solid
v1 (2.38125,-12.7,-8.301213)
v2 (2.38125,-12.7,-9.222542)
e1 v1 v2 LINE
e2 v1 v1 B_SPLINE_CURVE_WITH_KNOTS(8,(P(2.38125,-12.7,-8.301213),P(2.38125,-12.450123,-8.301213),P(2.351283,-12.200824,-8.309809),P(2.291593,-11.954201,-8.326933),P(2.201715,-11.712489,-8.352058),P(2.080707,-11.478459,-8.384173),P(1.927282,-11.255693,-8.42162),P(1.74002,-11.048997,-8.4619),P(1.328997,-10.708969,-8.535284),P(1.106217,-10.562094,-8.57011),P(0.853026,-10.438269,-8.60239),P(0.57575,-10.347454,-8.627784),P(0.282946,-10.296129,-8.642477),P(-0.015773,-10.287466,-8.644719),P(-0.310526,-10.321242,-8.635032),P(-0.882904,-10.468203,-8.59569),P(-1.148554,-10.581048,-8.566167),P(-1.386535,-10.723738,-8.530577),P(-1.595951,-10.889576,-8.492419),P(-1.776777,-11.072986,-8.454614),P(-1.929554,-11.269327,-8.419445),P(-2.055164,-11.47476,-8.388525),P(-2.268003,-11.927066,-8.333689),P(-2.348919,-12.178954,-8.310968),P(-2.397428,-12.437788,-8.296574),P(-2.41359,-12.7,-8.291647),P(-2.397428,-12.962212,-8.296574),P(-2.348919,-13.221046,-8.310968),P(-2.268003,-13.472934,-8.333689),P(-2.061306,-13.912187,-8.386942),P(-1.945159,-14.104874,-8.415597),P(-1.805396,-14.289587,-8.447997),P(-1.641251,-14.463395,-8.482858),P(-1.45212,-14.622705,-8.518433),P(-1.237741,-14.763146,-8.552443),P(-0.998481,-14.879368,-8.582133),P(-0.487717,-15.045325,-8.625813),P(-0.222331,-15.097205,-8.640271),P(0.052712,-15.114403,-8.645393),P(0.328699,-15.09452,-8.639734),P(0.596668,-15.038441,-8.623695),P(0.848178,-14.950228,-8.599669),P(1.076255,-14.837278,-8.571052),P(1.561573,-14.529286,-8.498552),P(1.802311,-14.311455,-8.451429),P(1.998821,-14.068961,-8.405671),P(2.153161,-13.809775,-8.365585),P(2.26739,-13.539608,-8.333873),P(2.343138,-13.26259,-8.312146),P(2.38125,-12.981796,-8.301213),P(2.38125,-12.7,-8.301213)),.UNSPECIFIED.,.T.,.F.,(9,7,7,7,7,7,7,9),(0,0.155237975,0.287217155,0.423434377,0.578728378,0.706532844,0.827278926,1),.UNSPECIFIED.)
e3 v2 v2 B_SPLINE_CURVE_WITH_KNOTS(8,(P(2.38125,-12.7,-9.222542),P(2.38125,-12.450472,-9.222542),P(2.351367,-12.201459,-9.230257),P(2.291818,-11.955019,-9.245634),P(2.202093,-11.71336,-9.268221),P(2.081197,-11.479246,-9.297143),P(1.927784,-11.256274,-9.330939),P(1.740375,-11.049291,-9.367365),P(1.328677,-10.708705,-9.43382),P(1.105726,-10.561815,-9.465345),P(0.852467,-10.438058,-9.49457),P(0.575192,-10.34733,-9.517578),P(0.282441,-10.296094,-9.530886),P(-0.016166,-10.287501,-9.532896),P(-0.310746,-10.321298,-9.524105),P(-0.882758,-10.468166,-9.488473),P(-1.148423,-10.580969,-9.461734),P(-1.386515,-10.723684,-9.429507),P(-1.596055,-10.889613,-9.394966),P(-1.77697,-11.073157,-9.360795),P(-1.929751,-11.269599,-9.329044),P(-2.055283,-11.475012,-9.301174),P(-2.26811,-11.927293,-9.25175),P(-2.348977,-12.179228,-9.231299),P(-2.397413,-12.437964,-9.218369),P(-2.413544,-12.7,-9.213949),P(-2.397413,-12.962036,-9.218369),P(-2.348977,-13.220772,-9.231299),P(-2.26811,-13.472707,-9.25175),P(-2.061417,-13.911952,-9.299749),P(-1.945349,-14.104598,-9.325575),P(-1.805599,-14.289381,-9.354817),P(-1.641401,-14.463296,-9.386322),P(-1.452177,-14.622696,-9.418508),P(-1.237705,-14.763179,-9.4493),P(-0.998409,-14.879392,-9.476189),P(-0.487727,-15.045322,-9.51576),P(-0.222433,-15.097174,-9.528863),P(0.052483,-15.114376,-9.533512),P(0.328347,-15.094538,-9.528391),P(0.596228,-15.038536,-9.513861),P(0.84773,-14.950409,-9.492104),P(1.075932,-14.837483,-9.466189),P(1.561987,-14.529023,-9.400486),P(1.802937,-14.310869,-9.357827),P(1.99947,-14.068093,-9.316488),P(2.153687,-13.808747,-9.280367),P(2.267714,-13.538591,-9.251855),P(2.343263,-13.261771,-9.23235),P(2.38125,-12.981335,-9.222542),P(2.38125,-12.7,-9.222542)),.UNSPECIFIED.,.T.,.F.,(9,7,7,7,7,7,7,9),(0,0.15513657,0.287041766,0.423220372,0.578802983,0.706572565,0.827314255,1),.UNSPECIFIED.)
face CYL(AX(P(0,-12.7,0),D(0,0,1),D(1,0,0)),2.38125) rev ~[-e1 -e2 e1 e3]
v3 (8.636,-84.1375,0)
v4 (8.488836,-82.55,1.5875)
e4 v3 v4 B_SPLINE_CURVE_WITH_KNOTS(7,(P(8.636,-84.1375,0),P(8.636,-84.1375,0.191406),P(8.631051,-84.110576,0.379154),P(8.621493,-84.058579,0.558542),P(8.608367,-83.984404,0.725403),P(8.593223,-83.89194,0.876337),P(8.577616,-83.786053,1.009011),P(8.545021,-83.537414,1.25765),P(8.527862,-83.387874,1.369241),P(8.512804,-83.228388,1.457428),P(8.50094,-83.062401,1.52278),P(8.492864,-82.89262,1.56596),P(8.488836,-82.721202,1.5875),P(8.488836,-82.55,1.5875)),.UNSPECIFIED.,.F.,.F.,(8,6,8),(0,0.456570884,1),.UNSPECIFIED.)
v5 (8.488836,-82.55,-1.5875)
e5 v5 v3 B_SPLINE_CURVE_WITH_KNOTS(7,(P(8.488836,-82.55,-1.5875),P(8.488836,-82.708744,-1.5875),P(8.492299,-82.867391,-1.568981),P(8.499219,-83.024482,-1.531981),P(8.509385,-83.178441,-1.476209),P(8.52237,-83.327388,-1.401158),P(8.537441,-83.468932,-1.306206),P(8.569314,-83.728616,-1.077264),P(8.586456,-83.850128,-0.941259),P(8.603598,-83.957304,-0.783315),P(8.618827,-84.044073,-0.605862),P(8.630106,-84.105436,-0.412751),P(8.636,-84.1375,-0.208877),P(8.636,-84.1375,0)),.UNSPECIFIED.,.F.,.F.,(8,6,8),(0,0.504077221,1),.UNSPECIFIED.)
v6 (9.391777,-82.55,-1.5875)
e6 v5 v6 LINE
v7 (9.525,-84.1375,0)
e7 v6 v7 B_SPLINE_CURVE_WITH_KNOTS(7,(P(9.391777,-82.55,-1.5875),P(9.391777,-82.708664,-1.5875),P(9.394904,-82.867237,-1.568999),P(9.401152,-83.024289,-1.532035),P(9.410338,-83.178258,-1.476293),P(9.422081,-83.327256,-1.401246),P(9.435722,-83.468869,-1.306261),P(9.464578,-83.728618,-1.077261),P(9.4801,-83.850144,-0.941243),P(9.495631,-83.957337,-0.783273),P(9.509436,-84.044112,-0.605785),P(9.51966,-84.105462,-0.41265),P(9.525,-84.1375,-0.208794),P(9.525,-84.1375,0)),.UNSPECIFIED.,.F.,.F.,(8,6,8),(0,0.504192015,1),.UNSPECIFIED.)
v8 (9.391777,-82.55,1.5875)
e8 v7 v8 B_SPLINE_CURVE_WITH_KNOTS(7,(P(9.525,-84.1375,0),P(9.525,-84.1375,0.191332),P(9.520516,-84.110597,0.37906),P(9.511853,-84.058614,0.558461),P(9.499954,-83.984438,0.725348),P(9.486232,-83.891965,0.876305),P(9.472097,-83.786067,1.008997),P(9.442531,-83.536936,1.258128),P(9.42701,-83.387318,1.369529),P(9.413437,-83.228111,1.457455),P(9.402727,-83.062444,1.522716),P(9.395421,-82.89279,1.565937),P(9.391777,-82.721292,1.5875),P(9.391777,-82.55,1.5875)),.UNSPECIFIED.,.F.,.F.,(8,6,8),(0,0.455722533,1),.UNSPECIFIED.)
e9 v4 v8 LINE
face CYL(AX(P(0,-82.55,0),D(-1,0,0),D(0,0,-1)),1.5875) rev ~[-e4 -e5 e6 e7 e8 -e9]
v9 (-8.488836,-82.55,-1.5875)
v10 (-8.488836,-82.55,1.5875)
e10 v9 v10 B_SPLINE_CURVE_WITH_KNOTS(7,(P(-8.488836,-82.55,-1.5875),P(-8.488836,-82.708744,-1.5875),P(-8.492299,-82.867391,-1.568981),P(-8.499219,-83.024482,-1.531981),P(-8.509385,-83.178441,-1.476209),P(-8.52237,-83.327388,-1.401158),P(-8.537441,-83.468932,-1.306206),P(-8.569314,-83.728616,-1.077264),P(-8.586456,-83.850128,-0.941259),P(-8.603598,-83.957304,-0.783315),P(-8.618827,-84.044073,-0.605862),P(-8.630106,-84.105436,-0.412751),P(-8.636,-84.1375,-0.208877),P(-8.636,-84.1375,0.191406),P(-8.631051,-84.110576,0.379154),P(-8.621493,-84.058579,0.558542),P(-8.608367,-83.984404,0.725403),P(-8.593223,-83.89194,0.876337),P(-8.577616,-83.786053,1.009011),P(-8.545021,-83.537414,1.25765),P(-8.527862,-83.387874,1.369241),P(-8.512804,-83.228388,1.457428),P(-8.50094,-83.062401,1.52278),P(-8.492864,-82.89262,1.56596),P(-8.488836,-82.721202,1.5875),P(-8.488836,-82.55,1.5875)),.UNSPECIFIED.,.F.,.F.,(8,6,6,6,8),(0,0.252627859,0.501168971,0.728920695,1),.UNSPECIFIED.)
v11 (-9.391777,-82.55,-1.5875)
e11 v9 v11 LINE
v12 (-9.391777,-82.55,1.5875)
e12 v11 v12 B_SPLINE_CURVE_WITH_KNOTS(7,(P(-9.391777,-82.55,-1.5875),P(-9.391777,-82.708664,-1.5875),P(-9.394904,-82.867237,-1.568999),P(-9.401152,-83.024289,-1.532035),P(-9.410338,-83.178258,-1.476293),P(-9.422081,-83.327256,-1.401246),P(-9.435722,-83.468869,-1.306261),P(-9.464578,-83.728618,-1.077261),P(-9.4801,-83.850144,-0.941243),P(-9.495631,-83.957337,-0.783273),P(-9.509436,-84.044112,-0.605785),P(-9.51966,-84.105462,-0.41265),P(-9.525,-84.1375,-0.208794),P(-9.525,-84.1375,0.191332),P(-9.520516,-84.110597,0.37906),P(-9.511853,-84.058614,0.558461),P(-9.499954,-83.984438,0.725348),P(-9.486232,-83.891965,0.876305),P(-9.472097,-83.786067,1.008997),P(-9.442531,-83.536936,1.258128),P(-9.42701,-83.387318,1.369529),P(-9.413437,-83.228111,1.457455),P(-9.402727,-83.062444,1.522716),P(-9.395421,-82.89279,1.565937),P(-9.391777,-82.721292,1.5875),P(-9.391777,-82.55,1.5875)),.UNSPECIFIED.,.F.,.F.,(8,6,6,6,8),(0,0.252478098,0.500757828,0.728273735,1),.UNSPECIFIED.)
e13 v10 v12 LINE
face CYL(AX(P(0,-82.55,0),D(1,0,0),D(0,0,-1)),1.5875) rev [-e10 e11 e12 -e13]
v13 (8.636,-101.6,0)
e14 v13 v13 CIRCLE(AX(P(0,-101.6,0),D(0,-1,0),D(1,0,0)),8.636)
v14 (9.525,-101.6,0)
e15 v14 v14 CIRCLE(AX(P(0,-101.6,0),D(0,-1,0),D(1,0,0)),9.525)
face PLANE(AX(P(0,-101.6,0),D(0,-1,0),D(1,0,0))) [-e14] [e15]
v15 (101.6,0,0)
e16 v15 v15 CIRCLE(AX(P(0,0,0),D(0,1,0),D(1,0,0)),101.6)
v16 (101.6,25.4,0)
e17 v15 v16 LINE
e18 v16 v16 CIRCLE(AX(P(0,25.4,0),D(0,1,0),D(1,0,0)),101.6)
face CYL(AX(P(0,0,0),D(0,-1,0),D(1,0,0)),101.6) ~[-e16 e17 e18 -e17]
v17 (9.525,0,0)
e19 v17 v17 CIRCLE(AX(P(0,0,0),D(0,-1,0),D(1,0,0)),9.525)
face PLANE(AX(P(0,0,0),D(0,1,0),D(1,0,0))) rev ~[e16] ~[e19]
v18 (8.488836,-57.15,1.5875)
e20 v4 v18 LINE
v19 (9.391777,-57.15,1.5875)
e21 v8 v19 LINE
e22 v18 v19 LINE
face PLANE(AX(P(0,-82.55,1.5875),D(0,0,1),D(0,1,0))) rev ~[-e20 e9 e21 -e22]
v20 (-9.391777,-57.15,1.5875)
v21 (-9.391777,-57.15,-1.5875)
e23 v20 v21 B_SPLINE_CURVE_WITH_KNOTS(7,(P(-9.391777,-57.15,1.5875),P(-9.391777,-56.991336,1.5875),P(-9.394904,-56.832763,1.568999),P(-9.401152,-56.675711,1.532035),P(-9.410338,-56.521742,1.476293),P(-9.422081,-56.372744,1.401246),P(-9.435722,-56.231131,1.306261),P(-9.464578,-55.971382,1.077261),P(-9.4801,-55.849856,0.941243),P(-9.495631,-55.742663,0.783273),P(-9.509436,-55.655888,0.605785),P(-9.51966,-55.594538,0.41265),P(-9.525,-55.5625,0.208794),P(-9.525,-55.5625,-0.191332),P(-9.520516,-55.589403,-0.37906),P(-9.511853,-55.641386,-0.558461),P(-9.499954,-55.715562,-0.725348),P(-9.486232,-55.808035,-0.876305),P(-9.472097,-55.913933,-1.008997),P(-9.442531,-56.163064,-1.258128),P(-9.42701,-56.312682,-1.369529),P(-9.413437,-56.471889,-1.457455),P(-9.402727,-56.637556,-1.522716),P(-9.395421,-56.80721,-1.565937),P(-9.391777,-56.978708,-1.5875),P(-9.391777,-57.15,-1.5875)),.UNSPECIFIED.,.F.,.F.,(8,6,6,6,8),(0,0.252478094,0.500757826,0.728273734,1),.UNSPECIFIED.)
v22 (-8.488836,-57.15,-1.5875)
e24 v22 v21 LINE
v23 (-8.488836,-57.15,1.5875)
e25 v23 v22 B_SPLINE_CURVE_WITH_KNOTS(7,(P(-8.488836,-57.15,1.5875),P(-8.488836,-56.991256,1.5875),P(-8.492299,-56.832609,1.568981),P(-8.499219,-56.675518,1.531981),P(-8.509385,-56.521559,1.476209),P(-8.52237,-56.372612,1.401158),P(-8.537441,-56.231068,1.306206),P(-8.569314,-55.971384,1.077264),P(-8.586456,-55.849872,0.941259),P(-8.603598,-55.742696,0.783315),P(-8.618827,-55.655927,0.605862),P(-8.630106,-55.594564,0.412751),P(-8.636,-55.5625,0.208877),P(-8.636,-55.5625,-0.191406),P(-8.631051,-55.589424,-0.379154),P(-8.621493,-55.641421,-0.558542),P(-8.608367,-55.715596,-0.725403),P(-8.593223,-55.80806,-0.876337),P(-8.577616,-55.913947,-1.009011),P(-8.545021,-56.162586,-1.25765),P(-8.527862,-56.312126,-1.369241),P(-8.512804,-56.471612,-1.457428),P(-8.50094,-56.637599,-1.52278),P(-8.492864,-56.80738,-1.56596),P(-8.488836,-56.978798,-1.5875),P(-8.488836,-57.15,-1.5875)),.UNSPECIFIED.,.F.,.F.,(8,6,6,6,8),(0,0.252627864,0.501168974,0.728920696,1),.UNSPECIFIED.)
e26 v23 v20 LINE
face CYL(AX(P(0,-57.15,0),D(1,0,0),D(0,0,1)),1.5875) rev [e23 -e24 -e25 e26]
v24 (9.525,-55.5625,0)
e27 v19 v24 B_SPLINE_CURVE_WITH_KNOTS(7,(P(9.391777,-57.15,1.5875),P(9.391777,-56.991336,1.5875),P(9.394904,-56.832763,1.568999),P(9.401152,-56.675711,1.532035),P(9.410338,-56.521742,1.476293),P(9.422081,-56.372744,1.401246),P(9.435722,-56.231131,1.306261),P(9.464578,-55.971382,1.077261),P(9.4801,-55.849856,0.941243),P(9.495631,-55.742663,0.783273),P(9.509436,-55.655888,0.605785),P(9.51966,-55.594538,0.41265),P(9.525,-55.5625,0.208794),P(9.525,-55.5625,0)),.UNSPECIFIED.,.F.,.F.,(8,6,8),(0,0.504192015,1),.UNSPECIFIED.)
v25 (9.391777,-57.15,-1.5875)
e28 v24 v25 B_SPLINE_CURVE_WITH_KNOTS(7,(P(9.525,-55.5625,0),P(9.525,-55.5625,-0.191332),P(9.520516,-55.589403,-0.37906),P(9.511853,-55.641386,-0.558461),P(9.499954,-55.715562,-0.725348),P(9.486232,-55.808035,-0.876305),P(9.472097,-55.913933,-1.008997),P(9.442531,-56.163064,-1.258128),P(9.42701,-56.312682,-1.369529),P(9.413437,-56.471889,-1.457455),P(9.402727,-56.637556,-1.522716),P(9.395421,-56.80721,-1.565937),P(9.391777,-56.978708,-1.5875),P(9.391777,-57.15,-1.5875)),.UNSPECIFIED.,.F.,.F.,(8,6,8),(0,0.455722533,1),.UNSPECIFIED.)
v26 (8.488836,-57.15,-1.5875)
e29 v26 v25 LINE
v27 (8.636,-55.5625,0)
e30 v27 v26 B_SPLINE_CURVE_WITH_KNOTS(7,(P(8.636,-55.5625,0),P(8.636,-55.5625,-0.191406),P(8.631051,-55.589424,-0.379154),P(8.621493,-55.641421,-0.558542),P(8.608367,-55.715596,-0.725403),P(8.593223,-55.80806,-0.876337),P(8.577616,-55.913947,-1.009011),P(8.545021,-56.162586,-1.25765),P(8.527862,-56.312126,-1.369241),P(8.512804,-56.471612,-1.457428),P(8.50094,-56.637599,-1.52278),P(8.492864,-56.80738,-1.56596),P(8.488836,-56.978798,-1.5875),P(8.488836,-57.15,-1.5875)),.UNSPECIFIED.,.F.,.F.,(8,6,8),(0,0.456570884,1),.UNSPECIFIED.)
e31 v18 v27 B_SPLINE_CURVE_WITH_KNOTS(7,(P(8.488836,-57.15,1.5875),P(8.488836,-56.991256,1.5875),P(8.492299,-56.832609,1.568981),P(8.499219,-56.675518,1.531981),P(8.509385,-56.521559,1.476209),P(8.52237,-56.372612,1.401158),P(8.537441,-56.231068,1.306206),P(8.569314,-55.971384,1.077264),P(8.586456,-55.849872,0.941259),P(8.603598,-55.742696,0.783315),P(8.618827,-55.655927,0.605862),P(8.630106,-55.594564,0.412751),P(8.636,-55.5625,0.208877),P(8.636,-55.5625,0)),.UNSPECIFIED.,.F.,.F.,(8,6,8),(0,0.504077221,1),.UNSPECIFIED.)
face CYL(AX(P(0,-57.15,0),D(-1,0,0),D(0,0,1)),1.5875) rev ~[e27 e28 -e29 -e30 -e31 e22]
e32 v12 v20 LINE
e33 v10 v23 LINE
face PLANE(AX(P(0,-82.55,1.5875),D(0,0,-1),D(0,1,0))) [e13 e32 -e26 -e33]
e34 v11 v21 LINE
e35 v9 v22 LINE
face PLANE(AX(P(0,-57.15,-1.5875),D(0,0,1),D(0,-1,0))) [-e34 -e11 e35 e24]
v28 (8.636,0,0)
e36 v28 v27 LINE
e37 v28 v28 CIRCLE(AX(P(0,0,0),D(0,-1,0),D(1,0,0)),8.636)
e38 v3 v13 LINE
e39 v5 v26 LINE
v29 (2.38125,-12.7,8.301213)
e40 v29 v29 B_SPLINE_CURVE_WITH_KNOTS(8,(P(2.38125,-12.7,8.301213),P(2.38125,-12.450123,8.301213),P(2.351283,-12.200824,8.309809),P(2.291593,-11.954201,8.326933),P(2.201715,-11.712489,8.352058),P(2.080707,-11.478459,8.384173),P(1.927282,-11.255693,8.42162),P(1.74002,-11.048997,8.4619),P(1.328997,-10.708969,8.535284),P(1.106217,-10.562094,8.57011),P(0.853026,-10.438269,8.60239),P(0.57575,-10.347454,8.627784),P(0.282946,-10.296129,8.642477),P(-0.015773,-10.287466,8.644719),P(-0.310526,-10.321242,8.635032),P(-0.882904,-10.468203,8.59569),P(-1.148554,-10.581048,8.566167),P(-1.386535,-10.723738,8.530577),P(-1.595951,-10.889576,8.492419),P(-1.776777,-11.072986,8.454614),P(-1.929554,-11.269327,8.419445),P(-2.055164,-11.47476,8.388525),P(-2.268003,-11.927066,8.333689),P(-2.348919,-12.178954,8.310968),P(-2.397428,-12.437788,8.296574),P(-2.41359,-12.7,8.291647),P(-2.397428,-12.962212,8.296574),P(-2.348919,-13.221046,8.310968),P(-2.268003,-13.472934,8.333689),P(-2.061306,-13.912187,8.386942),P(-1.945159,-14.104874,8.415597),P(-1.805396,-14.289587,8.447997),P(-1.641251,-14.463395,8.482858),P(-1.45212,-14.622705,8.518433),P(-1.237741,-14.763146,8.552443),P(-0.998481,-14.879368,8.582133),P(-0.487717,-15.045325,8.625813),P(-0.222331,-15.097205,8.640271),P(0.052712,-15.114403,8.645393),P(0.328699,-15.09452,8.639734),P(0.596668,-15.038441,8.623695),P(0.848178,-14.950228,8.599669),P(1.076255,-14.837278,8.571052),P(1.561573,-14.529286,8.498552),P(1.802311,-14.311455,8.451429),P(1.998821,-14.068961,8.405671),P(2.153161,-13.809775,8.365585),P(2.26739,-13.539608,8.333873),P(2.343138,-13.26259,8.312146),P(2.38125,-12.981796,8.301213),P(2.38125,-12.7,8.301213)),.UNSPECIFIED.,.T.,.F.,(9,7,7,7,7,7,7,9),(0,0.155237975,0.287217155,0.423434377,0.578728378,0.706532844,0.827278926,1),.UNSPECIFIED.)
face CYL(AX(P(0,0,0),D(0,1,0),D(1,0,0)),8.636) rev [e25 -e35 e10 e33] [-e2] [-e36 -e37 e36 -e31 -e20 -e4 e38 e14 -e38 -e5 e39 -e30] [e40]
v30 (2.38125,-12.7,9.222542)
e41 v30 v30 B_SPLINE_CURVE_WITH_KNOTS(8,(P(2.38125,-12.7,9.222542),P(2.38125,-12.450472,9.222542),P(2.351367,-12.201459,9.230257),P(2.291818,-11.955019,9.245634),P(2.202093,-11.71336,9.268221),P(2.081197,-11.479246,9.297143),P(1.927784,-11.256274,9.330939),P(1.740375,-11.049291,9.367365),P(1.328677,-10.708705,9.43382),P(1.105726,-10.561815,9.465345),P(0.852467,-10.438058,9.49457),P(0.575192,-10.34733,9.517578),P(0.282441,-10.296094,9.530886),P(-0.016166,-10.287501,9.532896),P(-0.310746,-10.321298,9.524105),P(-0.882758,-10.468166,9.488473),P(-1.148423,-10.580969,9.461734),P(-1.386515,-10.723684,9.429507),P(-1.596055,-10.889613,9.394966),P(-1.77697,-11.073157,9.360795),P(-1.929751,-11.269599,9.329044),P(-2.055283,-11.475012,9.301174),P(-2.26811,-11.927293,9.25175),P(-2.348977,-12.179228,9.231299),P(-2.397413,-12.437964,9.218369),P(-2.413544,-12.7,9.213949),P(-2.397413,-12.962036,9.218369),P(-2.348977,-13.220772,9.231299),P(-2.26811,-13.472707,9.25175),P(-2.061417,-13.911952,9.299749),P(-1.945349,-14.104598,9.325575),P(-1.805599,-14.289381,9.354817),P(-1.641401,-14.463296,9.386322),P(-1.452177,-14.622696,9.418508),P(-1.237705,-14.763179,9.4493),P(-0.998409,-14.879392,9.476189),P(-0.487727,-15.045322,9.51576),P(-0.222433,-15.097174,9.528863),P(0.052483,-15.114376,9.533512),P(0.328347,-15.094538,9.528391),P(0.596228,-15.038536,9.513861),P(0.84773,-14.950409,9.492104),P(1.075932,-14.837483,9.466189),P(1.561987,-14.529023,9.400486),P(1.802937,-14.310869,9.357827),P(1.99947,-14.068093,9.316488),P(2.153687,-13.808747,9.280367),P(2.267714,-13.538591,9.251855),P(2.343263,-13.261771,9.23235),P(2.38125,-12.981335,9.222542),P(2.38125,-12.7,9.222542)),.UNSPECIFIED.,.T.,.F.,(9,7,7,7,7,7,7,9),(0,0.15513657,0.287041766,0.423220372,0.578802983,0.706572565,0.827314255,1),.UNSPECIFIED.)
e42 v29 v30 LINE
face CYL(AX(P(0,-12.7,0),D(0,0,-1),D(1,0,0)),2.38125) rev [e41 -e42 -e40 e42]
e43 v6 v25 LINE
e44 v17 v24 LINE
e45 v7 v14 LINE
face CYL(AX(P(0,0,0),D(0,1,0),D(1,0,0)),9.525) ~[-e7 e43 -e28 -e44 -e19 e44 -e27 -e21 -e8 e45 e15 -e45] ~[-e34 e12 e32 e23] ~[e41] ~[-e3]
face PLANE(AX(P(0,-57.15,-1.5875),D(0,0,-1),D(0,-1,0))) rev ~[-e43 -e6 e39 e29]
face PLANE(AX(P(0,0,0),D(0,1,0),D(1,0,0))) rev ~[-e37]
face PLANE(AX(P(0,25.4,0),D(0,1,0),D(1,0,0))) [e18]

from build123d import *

# Parameters (mm, degrees)
SKETCH1_R               = 101.6
BOSS_EXTRUDE1_DEPTH     = 25.4
SKETCH2_R               = 9.525
SKETCH2_R_2             = 8.636
BOSS_EXTRUDE2_DEPTH     = 101.6
SKETCH3_R               = 2.38125
CUT_EXTRUDE1_DEPTH      = 102.6
CUT_EXTRUDE1_DEPTH_BACK = 102.6
CUT_EXTRUDE2_DEPTH      = 25.908
CUT_EXTRUDE2_DEPTH_BACK = 25.4


with BuildPart() as part:
    # Sketch1 → Boss-Extrude1 (new body)
    with BuildSketch(Plane(origin=(0, 0, 0), x_dir=(1, 0, 0), z_dir=(0, 1, 0))):
        Circle(SKETCH1_R)
    extrude(amount=BOSS_EXTRUDE1_DEPTH)

    # Sketch2 → Boss-Extrude2 (add)
    with BuildSketch(Plane.XZ):
        Circle(SKETCH2_R)
        Circle(SKETCH2_R_2, mode=Mode.SUBTRACT)
    extrude(amount=BOSS_EXTRUDE2_DEPTH)

    # Sketch3 → Cut-Extrude1 (cut, two sides)
    with BuildSketch(Plane.XY) as cut_extrude1_sk:
        with Locations((0, -12.7)):
            Circle(SKETCH3_R)
    extrude(amount=CUT_EXTRUDE1_DEPTH, mode=Mode.SUBTRACT)
    extrude(cut_extrude1_sk.sketch, amount=-CUT_EXTRUDE1_DEPTH_BACK, mode=Mode.SUBTRACT)

    # Sketch4 → Cut-Extrude2 (cut, two sides)
    with BuildSketch(Plane(origin=(0, 0, 0), x_dir=(0, 0, -1), z_dir=(1, 0, 0))) as cut_extrude2_sk:
        with BuildLine():
            Line((-1.5875, -82.55), (-1.5875, -57.15))
            ThreePointArc((-1.5875, -57.15), (0, -55.5625), (1.5875, -57.15))
            Line((1.5875, -57.15), (1.5875, -82.55))
            ThreePointArc((1.5875, -82.55), (0, -84.1375), (-1.5875, -82.55))
        make_face()
    extrude(amount=CUT_EXTRUDE2_DEPTH, mode=Mode.SUBTRACT)
    extrude(cut_extrude2_sk.sketch, amount=-CUT_EXTRUDE2_DEPTH_BACK, mode=Mode.SUBTRACT)


solid = part.part
